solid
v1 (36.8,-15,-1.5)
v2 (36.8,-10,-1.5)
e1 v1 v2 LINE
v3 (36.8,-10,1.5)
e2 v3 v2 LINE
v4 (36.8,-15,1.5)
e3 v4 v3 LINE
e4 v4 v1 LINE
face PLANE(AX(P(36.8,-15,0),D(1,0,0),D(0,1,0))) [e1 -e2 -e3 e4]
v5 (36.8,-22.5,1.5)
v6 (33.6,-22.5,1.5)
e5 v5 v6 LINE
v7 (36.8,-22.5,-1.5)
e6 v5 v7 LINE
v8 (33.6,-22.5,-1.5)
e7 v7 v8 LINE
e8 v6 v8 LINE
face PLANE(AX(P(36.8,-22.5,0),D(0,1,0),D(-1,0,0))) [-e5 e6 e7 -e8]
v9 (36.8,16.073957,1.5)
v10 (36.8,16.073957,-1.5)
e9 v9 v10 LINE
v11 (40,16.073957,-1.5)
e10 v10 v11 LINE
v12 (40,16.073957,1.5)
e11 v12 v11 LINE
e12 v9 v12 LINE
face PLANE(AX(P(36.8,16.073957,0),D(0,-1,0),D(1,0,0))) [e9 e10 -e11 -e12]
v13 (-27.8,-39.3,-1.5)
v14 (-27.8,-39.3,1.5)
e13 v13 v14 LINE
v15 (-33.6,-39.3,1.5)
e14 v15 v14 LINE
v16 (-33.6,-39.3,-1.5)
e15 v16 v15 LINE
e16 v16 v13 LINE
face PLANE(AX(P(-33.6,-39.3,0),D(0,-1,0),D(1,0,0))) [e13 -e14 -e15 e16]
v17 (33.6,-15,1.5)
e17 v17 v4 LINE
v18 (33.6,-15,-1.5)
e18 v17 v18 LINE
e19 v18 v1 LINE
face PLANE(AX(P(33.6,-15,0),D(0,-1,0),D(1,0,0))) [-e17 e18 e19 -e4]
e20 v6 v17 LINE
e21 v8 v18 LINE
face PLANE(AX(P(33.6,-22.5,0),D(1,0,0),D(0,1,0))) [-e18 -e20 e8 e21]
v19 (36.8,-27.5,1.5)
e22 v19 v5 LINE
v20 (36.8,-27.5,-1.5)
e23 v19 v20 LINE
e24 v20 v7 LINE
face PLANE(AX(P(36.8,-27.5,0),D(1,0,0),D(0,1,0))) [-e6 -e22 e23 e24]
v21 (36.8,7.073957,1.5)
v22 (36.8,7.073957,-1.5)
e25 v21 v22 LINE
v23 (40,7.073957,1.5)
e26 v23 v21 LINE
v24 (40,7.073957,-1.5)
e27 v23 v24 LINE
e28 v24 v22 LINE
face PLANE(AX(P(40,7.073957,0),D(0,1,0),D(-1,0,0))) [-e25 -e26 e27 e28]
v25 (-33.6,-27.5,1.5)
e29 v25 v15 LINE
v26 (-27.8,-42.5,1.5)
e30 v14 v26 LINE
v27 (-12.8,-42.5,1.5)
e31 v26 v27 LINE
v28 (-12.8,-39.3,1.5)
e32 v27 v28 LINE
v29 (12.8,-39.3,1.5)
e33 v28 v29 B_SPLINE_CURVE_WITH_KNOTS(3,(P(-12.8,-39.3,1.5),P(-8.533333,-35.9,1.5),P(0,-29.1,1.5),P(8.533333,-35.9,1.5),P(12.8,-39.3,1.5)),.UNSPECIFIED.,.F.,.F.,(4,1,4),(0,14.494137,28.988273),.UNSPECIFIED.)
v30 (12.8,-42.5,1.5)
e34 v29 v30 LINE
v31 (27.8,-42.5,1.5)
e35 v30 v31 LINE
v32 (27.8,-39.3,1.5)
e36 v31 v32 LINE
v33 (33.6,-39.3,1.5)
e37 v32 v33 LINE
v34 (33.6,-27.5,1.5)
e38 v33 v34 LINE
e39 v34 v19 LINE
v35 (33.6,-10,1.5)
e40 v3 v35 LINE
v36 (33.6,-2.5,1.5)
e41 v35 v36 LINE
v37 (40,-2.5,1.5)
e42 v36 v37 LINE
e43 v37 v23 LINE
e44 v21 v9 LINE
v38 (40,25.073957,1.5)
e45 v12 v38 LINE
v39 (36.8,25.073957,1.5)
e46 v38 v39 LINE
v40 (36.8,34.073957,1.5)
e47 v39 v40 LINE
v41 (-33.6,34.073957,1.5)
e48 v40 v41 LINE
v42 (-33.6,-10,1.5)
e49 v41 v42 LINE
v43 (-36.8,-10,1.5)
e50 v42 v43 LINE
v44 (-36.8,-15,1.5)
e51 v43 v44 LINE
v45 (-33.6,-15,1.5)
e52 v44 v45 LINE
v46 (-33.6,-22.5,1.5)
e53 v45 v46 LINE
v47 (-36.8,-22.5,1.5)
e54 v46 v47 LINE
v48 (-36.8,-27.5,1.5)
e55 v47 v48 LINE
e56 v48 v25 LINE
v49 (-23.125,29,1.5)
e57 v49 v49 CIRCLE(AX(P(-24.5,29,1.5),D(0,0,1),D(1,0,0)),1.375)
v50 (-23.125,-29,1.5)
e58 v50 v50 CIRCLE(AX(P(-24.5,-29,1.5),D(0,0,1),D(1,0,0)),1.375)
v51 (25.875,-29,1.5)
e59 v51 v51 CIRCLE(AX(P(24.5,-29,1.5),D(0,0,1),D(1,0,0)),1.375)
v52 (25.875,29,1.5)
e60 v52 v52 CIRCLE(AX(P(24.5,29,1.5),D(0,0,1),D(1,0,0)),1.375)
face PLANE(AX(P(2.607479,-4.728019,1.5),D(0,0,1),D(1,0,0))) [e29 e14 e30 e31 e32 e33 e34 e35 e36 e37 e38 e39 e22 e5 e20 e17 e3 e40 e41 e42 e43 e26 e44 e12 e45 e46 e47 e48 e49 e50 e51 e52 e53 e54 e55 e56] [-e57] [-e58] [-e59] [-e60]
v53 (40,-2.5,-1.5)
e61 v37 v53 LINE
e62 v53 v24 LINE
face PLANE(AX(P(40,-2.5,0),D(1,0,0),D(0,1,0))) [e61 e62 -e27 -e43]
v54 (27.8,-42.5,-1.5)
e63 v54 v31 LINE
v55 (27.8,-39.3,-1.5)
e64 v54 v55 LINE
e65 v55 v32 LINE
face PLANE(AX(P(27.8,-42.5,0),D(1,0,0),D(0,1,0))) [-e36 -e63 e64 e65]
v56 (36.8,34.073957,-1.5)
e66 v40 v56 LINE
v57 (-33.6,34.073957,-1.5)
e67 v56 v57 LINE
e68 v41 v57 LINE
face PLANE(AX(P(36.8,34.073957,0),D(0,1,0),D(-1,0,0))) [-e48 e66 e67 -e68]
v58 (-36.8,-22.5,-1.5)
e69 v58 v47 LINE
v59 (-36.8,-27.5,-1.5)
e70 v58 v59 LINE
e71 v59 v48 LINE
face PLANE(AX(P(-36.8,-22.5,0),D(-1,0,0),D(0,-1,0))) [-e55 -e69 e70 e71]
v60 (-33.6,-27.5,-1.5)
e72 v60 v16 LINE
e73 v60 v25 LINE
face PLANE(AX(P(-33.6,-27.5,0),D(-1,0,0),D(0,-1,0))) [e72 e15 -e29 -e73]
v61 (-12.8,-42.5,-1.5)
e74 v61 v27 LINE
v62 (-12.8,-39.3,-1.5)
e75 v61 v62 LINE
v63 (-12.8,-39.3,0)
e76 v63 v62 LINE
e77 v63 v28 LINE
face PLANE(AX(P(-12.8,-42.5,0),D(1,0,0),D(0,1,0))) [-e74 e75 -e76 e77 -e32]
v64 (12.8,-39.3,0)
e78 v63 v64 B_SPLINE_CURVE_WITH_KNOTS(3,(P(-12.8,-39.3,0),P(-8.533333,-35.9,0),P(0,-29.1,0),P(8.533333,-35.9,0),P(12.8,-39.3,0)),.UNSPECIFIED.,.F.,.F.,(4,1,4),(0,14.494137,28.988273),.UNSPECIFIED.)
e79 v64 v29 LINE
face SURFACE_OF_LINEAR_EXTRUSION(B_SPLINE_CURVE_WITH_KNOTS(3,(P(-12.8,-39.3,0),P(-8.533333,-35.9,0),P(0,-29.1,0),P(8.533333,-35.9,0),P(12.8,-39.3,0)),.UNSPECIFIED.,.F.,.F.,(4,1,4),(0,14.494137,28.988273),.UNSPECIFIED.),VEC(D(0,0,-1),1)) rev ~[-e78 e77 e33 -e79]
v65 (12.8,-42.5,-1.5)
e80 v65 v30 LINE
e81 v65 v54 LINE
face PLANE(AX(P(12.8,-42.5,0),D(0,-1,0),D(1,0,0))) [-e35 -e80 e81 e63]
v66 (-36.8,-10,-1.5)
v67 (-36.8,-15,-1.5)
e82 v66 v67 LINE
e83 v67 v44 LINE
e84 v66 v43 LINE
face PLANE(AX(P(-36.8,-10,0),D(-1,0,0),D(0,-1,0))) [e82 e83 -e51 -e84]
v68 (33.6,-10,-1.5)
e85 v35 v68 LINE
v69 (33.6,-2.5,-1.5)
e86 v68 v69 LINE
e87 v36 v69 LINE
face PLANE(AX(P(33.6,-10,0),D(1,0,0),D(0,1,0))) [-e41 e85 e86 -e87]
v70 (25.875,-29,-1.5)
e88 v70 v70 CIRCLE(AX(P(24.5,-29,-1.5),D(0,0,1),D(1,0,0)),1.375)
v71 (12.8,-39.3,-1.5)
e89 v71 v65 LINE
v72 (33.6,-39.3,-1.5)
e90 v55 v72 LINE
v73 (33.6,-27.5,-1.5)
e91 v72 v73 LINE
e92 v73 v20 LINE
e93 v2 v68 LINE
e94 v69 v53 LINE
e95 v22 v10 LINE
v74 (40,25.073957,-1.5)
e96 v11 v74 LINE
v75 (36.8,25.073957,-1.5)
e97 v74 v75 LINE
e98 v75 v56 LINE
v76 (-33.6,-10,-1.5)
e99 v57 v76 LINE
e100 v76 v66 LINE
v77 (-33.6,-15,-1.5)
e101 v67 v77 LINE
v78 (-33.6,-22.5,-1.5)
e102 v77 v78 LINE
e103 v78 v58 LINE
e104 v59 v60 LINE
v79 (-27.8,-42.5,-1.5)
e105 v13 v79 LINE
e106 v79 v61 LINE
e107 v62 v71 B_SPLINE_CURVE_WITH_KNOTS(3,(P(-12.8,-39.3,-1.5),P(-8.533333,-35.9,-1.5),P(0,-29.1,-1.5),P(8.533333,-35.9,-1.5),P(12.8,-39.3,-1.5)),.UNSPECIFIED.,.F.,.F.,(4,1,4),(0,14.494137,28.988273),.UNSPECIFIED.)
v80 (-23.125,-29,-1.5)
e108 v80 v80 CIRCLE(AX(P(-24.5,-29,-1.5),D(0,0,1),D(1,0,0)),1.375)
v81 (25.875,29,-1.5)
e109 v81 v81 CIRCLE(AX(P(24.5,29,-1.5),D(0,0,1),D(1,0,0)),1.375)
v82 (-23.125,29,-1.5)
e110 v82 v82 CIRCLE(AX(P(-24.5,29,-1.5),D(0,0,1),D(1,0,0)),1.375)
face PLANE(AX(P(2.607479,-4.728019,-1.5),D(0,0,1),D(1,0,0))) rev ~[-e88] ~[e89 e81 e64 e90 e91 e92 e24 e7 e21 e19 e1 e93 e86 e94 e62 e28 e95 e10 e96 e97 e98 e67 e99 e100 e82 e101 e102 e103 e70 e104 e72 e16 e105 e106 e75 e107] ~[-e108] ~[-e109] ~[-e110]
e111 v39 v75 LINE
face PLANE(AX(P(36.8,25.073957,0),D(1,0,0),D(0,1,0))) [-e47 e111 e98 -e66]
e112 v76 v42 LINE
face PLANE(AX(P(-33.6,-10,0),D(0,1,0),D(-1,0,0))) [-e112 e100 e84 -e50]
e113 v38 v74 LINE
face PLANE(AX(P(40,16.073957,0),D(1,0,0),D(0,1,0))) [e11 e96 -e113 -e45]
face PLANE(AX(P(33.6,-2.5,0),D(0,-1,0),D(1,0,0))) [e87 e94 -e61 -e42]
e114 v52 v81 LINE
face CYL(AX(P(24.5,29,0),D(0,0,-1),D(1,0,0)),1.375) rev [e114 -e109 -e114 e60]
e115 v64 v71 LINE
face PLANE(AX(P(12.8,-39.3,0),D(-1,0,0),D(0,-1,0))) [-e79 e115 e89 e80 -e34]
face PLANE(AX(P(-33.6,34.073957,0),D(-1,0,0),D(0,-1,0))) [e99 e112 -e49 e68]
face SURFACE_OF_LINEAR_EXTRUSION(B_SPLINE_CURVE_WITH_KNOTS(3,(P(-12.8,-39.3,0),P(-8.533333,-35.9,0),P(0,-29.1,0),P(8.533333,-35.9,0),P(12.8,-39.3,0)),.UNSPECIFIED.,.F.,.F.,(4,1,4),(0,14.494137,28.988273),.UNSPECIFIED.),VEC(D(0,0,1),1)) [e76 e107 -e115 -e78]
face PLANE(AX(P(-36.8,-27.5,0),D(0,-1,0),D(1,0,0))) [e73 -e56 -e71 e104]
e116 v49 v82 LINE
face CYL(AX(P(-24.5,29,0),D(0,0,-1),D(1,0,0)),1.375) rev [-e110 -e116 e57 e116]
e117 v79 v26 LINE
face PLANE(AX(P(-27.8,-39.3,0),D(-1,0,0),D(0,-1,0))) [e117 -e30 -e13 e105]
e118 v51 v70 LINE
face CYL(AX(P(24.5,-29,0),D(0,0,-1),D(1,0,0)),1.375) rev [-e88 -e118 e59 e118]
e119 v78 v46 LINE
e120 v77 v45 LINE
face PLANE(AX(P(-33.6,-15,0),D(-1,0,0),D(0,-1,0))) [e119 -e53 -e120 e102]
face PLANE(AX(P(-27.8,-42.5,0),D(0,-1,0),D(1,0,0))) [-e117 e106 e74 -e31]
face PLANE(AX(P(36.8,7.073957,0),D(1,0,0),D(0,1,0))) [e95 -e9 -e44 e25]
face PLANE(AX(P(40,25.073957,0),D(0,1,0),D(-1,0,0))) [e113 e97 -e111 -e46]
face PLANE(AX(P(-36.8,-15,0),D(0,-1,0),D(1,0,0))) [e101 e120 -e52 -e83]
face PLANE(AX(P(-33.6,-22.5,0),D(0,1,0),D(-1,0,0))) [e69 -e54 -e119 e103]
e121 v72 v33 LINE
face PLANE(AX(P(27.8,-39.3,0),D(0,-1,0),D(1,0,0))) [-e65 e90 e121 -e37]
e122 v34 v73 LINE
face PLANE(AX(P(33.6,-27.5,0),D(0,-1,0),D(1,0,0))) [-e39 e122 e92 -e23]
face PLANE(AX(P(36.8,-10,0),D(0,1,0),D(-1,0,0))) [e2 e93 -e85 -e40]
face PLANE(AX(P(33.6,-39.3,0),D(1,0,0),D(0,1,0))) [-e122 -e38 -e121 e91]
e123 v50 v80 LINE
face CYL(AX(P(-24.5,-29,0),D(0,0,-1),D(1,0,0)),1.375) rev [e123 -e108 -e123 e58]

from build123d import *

# Parameters (mm, degrees)
F0_R     = 1.375
F1_DEPTH = 1.5


with BuildPart() as f1:
    # F0 (on Top) → F1 (new body, symmetric)
    with BuildSketch(Plane.XY):
        with BuildLine():
            Line((33.6, 34.073957), (27.8, 34.073957))
            Line((27.8, 34.073957), (-27.8, 34.073957))
            Line((-27.8, 34.073957), (-33.6, 34.073957))
            Line((-33.6, 34.073957), (-33.6, -10))
            Line((-33.6, -10), (-36.8, -10))
            Line((-36.8, -10), (-36.8, -15))
            Line((-36.8, -15), (-33.6, -15))
            Line((-33.6, -15), (-33.6, -22.5))
            Line((-33.6, -22.5), (-36.8, -22.5))
            Line((-36.8, -22.5), (-36.8, -27.5))
            Line((-36.8, -27.5), (-33.6, -27.5))
            Line((-33.6, -27.5), (-33.6, -39.3))
            Line((-33.6, -39.3), (-27.8, -39.3))
            Line((-27.8, -39.3), (-27.8, -42.5))
            Line((-27.8, -42.5), (-12.8, -42.5))
            Line((-12.8, -42.5), (-12.8, -39.3))
            add(Edge.make_bspline(
                [(-12.8, -39.3), (-8.533333, -35.9), (0, -29.1), (8.533333, -35.9), (12.8, -39.3)],
                knots=[0, 0, 0, 0, 14.494137, 28.988273, 28.988273, 28.988273, 28.988273], degree=3))
            Line((12.8, -39.3), (12.8, -42.5))
            Line((12.8, -42.5), (27.8, -42.5))
            Line((27.8, -42.5), (27.8, -39.3))
            Line((27.8, -39.3), (33.6, -39.3))
            Line((33.6, -39.3), (33.6, -27.5))
            Line((33.6, -27.5), (36.8, -27.5))
            Line((36.8, -27.5), (36.8, -22.5))
            Line((36.8, -22.5), (33.6, -22.5))
            Line((33.6, -22.5), (33.6, -15))
            Line((33.6, -15), (36.8, -15))
            Line((36.8, -15), (36.8, -10))
            Line((36.8, -10), (33.6, -10))
            Line((33.6, -10), (33.6, -2.5))
            Line((33.6, -2.5), (36.8, -2.5))
            Line((36.8, -2.5), (40, -2.5))
            Line((40, -2.5), (40, 7.073957))
            Line((40, 7.073957), (36.8, 7.073957))
            Line((36.8, 7.073957), (36.8, 16.073957))
            Line((36.8, 16.073957), (40, 16.073957))
            Line((40, 16.073957), (40, 25.073957))
            Line((40, 25.073957), (36.8, 25.073957))
            Line((36.8, 25.073957), (36.8, 34.073957))
            Line((36.8, 34.073957), (33.6, 34.073957))
        make_face()
        with Locations((-24.5, -29)):
            Circle(F0_R, mode=Mode.SUBTRACT)
        with Locations((24.5, -29)):
            Circle(F0_R, mode=Mode.SUBTRACT)
        with Locations((-24.5, 29)):
            Circle(F0_R, mode=Mode.SUBTRACT)
        with Locations((24.5, 29)):
            Circle(F0_R, mode=Mode.SUBTRACT)
    extrude(amount=F1_DEPTH, both=True)


solid = f1.part
